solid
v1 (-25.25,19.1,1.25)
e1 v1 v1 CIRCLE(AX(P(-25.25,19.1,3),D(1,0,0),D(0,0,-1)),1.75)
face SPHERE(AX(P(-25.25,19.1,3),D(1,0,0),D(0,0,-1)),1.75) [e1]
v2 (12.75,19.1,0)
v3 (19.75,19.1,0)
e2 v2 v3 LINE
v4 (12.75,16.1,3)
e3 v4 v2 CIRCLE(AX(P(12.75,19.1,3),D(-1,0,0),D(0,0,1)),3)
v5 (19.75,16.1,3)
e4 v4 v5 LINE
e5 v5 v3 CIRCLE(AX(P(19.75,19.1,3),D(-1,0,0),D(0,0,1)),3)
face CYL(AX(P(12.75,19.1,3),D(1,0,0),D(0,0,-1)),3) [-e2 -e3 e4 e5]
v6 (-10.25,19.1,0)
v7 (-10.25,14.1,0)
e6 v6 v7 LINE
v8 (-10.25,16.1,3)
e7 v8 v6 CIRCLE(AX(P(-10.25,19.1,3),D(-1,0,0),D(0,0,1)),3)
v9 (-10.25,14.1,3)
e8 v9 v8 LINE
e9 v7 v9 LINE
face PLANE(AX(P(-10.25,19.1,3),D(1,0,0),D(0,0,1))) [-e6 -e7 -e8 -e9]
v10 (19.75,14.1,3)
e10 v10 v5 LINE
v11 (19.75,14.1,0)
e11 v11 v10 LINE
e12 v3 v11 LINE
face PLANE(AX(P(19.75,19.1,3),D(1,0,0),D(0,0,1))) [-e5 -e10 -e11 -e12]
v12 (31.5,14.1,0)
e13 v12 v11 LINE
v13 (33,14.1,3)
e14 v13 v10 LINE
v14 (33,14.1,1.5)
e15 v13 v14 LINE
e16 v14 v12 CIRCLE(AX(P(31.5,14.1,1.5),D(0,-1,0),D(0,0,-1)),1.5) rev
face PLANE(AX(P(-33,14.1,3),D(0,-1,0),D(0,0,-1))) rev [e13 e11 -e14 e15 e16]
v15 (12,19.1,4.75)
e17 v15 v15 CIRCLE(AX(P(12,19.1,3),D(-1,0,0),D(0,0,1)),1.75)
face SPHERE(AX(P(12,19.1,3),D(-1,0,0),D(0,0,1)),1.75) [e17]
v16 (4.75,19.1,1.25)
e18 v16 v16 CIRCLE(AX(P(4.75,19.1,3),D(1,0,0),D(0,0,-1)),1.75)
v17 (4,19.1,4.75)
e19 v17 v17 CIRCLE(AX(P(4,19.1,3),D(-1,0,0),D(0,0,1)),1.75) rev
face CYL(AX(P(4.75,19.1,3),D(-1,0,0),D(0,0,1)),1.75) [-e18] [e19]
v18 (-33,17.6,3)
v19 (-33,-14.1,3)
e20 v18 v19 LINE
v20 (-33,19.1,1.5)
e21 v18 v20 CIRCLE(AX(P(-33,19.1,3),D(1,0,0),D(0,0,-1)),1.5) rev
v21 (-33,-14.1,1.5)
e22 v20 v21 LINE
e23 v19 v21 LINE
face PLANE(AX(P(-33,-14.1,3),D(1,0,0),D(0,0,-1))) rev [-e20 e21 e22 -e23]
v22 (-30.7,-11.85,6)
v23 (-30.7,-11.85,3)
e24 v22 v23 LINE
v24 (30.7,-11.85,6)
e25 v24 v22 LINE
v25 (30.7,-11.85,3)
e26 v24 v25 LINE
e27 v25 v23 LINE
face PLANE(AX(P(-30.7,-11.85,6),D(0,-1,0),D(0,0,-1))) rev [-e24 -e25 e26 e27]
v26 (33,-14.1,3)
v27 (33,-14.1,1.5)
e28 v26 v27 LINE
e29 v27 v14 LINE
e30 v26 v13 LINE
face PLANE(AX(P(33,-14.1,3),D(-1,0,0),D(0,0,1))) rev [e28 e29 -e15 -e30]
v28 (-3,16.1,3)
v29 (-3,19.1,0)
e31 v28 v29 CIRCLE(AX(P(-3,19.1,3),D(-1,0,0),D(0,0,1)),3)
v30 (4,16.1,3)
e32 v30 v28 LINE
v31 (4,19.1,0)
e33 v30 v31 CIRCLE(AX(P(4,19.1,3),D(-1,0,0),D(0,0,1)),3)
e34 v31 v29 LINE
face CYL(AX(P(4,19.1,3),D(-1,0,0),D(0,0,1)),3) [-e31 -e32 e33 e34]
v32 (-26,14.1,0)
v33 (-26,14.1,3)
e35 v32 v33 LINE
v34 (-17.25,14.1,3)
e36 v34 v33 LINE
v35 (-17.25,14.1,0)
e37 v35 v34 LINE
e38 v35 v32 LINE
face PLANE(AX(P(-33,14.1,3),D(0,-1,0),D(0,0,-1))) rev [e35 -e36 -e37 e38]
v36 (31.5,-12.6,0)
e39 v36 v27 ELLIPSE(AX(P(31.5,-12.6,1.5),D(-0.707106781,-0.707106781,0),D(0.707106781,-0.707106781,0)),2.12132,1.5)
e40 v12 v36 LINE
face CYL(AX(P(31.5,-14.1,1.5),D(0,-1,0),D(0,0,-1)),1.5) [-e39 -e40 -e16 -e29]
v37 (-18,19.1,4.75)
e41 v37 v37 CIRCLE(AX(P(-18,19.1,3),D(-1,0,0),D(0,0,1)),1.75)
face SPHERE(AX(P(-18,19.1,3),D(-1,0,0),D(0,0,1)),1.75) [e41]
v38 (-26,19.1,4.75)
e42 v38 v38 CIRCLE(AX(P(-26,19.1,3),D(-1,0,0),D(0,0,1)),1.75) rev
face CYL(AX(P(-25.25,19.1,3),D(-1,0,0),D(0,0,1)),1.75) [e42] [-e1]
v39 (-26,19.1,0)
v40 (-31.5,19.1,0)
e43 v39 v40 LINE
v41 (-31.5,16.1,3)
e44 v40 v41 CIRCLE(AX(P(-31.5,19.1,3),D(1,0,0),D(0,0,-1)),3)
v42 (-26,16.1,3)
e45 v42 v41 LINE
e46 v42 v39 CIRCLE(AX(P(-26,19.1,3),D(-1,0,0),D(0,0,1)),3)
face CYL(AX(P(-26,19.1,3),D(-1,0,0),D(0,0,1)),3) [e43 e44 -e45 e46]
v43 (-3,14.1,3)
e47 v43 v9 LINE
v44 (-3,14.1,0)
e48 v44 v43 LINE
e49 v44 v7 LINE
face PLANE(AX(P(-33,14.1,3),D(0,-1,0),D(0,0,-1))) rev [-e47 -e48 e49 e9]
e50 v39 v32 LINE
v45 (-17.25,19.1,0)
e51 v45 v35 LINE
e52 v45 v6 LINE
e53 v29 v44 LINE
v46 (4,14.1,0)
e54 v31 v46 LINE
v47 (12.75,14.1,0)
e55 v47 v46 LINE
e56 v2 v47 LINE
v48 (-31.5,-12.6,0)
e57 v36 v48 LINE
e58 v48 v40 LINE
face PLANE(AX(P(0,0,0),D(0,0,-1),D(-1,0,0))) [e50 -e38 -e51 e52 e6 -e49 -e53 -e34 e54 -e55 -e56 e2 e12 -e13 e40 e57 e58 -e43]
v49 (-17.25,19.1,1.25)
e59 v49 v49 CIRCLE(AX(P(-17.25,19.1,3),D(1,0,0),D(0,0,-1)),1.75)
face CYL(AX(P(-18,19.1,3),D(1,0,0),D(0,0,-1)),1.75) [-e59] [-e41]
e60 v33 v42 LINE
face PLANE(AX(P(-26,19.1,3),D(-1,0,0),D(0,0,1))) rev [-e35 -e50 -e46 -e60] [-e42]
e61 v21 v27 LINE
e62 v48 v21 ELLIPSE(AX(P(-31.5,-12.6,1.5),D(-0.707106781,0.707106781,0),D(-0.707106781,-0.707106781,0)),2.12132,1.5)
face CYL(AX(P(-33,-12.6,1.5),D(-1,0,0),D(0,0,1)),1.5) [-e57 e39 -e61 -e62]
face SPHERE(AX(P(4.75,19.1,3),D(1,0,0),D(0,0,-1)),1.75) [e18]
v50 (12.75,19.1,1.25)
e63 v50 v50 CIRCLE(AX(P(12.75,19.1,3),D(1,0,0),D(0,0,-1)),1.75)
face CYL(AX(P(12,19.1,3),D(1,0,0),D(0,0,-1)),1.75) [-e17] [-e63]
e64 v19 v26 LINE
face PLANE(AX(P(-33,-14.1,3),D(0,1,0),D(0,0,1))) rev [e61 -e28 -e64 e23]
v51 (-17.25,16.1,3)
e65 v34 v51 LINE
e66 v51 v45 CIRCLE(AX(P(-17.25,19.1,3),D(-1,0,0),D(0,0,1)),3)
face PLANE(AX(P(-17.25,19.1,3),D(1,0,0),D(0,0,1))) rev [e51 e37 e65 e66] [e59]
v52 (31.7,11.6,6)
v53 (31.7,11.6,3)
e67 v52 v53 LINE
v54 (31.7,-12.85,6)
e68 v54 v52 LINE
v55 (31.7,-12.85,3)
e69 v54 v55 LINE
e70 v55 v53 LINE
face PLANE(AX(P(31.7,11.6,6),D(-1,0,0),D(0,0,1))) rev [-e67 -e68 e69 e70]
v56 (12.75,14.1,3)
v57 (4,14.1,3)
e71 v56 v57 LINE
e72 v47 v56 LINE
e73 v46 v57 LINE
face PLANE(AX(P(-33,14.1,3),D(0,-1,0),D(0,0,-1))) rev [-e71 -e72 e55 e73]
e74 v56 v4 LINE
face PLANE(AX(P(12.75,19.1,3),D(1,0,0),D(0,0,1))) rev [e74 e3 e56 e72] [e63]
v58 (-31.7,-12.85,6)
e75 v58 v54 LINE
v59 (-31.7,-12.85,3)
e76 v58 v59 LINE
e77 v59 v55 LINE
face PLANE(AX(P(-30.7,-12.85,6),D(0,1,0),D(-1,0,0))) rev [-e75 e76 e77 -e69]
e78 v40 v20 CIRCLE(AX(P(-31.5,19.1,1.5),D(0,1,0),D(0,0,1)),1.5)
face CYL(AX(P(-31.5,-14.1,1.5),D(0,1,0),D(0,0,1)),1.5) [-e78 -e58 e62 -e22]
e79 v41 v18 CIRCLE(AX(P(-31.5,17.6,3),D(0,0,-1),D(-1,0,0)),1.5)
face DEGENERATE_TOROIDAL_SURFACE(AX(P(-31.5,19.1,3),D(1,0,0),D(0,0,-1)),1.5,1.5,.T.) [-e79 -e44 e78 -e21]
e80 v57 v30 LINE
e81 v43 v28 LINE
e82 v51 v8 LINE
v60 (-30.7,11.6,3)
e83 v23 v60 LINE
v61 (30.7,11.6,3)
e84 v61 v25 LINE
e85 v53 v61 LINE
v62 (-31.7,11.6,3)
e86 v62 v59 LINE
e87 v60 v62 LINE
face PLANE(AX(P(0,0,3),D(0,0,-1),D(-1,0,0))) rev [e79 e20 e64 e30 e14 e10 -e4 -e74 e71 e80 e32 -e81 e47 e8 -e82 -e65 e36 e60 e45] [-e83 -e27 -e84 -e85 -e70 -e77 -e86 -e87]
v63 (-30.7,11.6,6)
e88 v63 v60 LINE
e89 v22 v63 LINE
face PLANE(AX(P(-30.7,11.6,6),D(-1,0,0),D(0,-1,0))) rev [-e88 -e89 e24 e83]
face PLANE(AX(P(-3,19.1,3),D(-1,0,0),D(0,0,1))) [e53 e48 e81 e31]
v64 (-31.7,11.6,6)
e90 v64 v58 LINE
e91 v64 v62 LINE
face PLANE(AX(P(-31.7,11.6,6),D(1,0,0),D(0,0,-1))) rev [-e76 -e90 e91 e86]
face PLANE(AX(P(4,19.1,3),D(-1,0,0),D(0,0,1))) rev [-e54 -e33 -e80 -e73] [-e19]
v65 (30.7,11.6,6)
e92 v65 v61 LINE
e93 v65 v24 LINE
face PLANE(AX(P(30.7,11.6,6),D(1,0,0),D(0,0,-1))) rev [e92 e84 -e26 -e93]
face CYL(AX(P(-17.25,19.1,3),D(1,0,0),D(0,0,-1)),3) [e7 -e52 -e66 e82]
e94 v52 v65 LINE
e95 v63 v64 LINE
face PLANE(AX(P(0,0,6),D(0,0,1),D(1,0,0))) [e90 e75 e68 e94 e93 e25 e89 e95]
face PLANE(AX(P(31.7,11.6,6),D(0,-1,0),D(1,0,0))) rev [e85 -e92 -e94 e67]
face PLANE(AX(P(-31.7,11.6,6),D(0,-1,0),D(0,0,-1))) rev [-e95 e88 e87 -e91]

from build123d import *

# Parameters (mm, degrees)
SKETCH1_W                 = 66
SKETCH1_H                 = 28.2
BOSS_EXTRUDE1_DEPTH       = 3
BOSS_EXTRUDE4_DEPTH       = 7
SKETCH17_R                = 1.75
BOSS_EXTRUDE7_DEPTH       = 0.75
REVOLVE4_ANGLE            = 180
LPATTERN2_COUNT           = 2
LPATTERN2_PITCH           = 30
LPATTERN2_COPY_1_DEPTH    = 7
LPATTERN2_COPY_2_SKETCH_R = 1.75
LPATTERN2_COPY_2_DEPTH    = 0.75
LPATTERN2_COPY_3_ANGLE    = 180
FILLET5_R                 = 1.5
BOSS_EXTRUDE3_DEPTH       = 3


with BuildPart() as part:
    # Sketch1 → Boss-Extrude1 (new body)
    with BuildSketch(Plane.XY):
        Rectangle(SKETCH1_W, SKETCH1_H)
    extrude(amount=BOSS_EXTRUDE1_DEPTH)

    # Sketch10 → Boss-Extrude4 (add)
    with BuildSketch(Plane.ZY.offset(33)):
        with BuildLine():
            Line((0, 19.1), (0, 14.1))
            Line((0, 14.1), (3, 14.1))
            Line((3, 14.1), (3, 16.1))
            ThreePointArc((3, 16.1), (5.121320344, 21.221320344), (0, 19.1))
        make_face()
    boss_extrude4 = extrude(amount=-BOSS_EXTRUDE4_DEPTH)

    # Sketch17 → Boss-Extrude7 (add)
    with BuildSketch(Plane(origin=(-26, 0, 0), x_dir=(0, 0, -1), z_dir=(1, 0, 0))):
        with Locations(Location((-3, 19.1, 0), (0, 0, 180))):
            Circle(SKETCH17_R)
    boss_extrude7 = extrude(amount=BOSS_EXTRUDE7_DEPTH)

    # Sketch18 → Revolve4 (revolve)
    with BuildSketch(Plane(origin=(-25.25, 0, 0), x_dir=(0, 0, -1), z_dir=(1, 0, 0))):
        with BuildLine():
            Line((-3, 20.85), (-3, 17.35))
            ThreePointArc((-3, 17.35), (-1.25, 19.1), (-3, 20.85))
        make_face()
    revolve4 = revolve(axis=Axis((-25.25, 20.85, 3), (0, -1, 0)), revolution_arc=REVOLVE4_ANGLE)

    # Mirror1: Boss-Extrude4, Boss-Extrude7, Revolve4 across plane
    add(boss_extrude4.mirror(Plane(origin=(-21.625, 0, 0), x_dir=(0, 0, 1), z_dir=(1, 0, 0))))
    add(boss_extrude7.mirror(Plane(origin=(-21.625, 0, 0), x_dir=(0, 0, 1), z_dir=(1, 0, 0))))
    add(revolve4.mirror(Plane(origin=(-21.625, 0, 0), x_dir=(0, 0, 1), z_dir=(1, 0, 0))))

    # LPattern2: Boss-Extrude4, Boss-Extrude7, Revolve4 ×2
    with Locations(*[(i * LPATTERN2_PITCH, 0, 0) for i in range(1, LPATTERN2_COUNT)]):
        add(boss_extrude4)
        add(boss_extrude7)
        add(revolve4)

    # LPattern2 copy 1 sketch → LPattern2 copy 1 (add)
    with BuildSketch(Plane(origin=(19.75, 0, 0), x_dir=(0, 0, 1), z_dir=(1, 0, 0))):
        with BuildLine():
            Line((0, -19.1), (0, -14.1))
            Line((0, -14.1), (3, -14.1))
            Line((3, -14.1), (3, -16.1))
            ThreePointArc((3, -16.1), (5.121320344, -21.221320344), (0, -19.1))
        make_face()
    extrude(amount=-LPATTERN2_COPY_1_DEPTH)

    # LPattern2 copy 2 sketch → LPattern2 copy 2 (add)
    with BuildSketch(Plane(origin=(12.75, 0, 0), x_dir=(0, 0, -1), z_dir=(-1, 0, 0))):
        with Locations((-3, -19.1)):
            Circle(LPATTERN2_COPY_2_SKETCH_R)
    extrude(amount=LPATTERN2_COPY_2_DEPTH)

    # LPattern2 copy 3 sketch → LPattern2 copy 3 (revolve)
    with BuildSketch(Plane(origin=(12, 0, 0), x_dir=(0, 0, -1), z_dir=(-1, 0, 0))):
        with BuildLine():
            Line((-3, -20.85), (-3, -17.35))
            ThreePointArc((-3, -17.35), (-1.25, -19.1), (-3, -20.85))
        make_face()
    revolve(axis=Axis((12, 20.85, 3), (0, 1, 0)), revolution_arc=LPATTERN2_COPY_3_ANGLE)

    # Fillet5
    fillet5_edges = [part.edges().sort_by_distance(p)[0] for p in [
        (-33, 21.221320344, 5.121320344),
        (0, -14.1, 0),
        (-33, 2.5, 0),
        (33, 0, 0),
    ]]
    fillet(fillet5_edges, radius=FILLET5_R)

    # Sketch9 → Boss-Extrude3 (add)
    with BuildSketch(Plane.XY.offset(3)):
        Polygon((-31.7, 11.6), (-30.7, 11.6), (-30.7, -11.85), (30.7, -11.85), (30.7, 11.6), (31.7, 11.6), (31.7, -11.85), (31.7, -12.85), (-30.7, -12.85), (-31.7, -12.85), align=None)
    extrude(amount=BOSS_EXTRUDE3_DEPTH)


solid = part.part
